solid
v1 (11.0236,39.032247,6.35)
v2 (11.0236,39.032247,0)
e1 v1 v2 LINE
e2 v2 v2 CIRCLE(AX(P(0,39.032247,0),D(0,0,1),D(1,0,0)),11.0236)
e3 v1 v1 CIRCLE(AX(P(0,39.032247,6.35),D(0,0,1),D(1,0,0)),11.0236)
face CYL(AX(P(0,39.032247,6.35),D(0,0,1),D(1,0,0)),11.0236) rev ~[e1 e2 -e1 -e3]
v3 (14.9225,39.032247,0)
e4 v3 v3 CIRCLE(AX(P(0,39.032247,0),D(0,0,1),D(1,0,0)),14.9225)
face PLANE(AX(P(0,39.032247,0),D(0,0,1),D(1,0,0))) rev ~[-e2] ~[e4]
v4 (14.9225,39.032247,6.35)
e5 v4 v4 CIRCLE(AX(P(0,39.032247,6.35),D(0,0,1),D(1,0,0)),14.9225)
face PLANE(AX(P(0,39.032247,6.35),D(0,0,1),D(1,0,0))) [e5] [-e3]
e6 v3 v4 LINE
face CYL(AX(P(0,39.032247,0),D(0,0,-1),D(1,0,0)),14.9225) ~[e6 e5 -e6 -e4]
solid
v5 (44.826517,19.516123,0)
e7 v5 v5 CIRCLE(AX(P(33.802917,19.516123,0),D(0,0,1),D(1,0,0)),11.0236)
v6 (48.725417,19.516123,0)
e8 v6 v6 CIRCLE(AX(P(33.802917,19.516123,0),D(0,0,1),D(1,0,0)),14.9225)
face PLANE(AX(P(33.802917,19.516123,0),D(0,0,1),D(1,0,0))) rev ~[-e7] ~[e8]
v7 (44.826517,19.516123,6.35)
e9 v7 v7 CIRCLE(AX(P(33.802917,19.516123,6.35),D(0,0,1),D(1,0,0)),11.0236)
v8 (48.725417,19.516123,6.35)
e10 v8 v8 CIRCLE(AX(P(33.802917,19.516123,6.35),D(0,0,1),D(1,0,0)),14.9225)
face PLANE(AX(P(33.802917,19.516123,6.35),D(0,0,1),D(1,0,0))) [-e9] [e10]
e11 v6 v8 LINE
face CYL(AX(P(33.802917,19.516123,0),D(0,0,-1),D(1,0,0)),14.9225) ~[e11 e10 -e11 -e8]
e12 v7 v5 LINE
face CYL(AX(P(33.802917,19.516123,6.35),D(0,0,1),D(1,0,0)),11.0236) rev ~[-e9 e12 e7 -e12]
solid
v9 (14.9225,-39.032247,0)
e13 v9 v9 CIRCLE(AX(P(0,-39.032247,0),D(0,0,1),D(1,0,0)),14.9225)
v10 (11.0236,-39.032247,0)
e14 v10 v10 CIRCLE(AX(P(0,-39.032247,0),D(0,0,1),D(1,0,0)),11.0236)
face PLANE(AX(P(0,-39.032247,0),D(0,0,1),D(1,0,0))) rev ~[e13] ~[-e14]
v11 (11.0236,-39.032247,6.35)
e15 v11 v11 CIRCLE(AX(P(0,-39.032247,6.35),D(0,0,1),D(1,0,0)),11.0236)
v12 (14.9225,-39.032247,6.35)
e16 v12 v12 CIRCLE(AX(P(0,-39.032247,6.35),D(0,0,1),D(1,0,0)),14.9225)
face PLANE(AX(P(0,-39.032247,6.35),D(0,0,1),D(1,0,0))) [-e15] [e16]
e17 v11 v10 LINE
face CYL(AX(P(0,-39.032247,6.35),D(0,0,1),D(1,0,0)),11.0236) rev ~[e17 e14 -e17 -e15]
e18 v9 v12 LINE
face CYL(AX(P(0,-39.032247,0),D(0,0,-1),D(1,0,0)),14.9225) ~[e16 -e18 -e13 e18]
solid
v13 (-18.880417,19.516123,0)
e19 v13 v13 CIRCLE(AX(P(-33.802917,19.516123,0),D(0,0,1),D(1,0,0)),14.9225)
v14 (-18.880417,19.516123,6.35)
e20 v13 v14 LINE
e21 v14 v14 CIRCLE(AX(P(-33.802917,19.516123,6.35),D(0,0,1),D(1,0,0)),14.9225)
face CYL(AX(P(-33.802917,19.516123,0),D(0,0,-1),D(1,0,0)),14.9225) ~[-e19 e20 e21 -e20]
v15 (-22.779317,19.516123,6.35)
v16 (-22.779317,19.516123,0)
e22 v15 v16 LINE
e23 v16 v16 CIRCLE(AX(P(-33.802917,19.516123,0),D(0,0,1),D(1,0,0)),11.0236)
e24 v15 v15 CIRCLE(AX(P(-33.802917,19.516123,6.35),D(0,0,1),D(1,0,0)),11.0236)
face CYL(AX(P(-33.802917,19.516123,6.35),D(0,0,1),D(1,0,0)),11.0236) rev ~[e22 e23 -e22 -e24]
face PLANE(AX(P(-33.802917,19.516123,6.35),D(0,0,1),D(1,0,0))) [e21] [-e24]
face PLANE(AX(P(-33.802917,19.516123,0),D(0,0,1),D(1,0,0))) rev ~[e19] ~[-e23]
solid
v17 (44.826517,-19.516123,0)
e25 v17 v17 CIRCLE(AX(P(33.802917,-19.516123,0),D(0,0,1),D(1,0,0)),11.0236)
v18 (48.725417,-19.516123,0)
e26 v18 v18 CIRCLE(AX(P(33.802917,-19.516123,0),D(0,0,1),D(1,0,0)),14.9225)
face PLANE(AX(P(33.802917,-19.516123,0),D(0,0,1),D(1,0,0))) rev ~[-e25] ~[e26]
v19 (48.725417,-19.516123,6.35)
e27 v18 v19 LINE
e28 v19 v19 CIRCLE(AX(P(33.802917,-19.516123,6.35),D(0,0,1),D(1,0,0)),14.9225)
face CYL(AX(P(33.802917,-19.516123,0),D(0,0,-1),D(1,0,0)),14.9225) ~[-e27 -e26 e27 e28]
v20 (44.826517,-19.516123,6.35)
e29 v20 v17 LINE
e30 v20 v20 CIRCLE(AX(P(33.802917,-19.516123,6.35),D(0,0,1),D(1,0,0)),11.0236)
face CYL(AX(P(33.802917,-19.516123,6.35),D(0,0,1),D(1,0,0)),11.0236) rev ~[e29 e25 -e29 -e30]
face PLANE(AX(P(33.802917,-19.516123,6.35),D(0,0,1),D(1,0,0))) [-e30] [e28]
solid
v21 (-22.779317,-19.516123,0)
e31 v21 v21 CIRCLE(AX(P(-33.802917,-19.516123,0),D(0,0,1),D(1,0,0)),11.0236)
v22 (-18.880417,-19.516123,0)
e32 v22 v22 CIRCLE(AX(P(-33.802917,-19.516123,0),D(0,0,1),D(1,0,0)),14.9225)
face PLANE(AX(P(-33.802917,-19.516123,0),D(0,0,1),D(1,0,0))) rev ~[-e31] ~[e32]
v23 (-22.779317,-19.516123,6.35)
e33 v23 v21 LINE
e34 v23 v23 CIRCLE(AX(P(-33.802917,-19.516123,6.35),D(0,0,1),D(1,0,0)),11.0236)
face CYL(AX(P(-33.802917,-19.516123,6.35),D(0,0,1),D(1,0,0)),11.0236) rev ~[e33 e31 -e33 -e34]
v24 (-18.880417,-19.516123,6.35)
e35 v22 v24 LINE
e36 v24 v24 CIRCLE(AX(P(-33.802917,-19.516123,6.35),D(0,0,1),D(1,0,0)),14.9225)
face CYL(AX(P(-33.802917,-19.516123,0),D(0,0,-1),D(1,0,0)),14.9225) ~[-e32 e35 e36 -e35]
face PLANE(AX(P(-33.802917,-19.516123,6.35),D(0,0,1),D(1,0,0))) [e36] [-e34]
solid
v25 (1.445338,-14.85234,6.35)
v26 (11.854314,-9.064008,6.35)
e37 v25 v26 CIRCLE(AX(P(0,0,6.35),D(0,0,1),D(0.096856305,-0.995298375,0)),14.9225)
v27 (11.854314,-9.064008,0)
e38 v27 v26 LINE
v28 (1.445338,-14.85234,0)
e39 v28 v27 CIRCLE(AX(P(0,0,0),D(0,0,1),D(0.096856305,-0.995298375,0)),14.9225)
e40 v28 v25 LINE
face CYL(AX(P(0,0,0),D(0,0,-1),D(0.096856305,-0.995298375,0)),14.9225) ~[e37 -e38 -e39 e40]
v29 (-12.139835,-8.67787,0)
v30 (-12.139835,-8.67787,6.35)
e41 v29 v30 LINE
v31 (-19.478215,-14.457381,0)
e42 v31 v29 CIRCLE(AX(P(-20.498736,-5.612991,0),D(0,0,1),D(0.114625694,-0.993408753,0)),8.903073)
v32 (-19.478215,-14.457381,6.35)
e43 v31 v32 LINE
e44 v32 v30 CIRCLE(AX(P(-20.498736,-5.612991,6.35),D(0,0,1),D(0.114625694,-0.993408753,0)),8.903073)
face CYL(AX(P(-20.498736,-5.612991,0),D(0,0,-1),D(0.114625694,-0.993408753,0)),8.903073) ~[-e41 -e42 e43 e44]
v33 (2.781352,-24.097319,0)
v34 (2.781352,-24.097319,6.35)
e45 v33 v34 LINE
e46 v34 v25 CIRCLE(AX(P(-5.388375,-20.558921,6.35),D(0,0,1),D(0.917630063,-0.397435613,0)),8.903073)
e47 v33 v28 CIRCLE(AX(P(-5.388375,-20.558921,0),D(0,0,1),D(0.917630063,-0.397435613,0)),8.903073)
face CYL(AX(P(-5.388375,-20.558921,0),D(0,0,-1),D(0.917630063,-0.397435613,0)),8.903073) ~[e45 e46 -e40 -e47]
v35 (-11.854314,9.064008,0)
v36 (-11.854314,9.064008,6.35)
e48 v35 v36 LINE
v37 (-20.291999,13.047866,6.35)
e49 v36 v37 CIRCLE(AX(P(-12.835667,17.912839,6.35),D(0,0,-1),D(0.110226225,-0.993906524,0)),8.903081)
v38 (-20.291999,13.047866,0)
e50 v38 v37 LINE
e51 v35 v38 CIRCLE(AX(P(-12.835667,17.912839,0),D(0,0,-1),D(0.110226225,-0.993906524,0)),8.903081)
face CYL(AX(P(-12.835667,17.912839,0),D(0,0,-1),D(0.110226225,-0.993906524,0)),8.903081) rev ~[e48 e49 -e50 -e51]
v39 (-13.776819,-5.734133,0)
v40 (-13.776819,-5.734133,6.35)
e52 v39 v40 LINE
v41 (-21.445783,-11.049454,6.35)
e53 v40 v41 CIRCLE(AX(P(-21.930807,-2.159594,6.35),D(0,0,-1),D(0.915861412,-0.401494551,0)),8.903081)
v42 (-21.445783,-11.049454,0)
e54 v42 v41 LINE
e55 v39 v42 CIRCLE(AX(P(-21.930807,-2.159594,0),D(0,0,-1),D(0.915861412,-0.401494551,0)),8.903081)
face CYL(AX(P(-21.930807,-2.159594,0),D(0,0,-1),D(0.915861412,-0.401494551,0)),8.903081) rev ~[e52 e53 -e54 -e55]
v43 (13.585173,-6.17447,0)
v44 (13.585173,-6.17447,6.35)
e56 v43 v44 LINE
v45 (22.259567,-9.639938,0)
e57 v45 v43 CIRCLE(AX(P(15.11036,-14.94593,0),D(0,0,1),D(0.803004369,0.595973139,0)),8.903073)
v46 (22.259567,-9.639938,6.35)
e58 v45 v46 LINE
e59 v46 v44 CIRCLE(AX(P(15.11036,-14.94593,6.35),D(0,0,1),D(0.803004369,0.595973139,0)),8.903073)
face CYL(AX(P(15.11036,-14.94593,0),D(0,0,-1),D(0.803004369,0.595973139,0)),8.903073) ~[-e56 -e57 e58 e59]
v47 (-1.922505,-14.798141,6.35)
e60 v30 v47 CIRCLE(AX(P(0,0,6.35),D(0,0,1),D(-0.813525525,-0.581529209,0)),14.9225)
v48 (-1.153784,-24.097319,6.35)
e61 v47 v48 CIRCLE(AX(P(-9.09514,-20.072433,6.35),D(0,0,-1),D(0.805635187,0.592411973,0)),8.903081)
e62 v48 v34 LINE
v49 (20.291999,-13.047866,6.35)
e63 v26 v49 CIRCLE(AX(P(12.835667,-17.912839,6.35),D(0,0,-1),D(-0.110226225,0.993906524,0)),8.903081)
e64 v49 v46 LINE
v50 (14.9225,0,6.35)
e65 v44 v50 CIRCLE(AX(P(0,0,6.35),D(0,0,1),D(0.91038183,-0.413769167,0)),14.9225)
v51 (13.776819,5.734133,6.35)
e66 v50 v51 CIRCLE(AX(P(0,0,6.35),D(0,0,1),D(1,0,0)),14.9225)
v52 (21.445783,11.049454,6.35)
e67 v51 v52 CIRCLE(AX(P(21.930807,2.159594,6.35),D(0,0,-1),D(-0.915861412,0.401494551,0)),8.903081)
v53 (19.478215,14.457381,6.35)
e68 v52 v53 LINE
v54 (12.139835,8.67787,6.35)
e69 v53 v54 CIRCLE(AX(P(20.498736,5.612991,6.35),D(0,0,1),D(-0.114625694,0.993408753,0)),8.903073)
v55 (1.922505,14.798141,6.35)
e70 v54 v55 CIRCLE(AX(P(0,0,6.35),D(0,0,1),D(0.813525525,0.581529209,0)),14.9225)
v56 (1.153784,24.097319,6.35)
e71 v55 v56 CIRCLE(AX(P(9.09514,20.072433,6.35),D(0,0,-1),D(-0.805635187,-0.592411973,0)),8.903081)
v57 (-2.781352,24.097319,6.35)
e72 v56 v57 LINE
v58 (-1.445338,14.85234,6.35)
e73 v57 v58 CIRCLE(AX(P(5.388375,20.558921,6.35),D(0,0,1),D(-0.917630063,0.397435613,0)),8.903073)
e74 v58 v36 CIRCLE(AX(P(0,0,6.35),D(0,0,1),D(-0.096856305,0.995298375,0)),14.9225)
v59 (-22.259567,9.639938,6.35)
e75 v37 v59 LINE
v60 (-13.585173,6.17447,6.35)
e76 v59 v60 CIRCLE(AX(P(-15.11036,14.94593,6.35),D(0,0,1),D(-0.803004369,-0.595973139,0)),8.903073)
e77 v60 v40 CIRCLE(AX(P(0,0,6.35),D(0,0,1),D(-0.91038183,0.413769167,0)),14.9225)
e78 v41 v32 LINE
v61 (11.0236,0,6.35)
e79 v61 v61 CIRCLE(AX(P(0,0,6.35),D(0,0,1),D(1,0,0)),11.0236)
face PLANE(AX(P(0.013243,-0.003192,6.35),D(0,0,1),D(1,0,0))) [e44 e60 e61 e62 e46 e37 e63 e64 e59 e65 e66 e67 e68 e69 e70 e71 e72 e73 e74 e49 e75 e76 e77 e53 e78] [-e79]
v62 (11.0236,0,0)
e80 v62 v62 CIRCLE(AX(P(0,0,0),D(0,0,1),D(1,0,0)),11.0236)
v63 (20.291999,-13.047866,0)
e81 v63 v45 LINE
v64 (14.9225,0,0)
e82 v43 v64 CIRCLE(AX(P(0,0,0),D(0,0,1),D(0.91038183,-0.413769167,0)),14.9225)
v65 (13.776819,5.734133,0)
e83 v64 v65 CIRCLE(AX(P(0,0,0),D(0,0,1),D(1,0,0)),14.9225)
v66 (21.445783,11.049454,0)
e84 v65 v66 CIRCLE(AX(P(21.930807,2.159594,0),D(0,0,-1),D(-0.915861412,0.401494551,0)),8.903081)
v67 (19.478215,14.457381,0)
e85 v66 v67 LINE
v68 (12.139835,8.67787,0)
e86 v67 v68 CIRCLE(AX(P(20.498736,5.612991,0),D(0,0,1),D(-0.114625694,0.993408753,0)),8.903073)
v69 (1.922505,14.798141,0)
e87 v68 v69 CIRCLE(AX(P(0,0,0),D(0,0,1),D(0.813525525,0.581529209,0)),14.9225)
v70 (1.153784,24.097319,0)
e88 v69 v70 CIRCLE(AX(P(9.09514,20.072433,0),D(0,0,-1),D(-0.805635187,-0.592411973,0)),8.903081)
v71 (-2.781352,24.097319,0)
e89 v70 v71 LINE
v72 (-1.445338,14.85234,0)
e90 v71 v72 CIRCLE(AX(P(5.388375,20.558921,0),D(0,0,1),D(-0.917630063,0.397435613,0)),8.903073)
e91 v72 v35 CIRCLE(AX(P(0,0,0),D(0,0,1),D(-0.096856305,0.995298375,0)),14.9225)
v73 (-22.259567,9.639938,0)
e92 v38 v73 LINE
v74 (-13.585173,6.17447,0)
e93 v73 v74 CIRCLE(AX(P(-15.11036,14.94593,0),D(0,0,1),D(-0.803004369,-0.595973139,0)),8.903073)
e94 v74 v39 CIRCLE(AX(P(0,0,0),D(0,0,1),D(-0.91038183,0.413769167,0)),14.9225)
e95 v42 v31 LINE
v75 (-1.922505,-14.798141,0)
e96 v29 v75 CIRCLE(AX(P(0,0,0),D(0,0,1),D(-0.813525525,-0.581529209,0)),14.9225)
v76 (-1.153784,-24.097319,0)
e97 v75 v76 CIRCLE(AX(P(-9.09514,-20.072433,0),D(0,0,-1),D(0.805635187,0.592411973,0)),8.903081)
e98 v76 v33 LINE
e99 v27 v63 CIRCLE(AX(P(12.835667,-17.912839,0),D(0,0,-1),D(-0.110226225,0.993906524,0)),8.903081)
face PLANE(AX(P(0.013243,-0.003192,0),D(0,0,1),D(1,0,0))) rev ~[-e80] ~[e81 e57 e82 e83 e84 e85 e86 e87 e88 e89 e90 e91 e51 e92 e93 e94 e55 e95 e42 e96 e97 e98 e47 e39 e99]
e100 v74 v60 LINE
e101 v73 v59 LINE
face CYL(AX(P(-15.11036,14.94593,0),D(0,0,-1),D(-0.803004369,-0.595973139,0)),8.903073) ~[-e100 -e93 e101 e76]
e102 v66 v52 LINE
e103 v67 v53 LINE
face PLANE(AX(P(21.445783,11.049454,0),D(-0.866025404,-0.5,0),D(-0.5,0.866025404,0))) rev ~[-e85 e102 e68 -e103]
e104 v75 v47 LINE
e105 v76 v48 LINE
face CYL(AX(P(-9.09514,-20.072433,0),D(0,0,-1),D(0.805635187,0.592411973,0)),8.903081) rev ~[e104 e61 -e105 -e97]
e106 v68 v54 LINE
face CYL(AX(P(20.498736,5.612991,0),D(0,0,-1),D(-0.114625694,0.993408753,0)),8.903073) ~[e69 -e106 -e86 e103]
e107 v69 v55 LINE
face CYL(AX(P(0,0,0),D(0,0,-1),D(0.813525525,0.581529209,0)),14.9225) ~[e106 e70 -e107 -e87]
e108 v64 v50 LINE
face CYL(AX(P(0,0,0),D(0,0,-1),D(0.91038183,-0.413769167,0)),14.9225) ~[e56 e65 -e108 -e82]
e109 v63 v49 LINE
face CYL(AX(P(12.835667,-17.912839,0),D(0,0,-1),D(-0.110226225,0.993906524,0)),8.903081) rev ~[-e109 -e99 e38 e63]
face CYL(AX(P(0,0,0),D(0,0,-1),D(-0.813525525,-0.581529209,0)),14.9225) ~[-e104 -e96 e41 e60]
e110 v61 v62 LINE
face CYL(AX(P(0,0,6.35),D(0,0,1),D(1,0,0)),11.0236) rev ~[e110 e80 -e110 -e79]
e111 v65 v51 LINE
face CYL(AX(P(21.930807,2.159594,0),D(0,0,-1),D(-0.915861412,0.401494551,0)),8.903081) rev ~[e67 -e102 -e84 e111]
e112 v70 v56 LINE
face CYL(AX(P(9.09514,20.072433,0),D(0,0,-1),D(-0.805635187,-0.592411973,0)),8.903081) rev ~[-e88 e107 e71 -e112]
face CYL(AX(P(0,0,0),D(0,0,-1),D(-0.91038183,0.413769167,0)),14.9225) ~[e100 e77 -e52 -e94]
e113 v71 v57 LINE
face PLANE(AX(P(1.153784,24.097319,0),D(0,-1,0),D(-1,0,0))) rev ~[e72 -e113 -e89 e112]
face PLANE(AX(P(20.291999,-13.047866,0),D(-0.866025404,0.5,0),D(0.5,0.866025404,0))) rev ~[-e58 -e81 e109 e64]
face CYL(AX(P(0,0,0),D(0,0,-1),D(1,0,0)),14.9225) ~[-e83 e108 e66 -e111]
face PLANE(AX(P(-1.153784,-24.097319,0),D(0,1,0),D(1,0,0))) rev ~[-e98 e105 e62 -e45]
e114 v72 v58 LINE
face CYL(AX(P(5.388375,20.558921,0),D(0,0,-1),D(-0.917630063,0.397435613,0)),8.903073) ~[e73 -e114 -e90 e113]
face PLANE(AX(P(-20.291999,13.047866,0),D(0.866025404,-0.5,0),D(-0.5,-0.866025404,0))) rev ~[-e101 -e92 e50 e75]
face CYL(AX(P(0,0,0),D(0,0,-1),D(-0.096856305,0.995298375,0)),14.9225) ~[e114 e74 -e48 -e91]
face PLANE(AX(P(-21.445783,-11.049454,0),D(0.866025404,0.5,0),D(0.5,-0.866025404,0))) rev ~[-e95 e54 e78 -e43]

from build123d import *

# Parameters (mm, degrees)
F1_DEPTH  = 6.35
F0_R      = 14.9225
F2_R      = 11.0236
F3_DEPTH  = 25.4
F4_R      = 11.0236
F9_DEPTH  = 25.4
F5_R      = 11.0236
F10_DEPTH = 25.4
F6_R      = 11.0236
F11_DEPTH = 25.4
F7_R      = 11.0236
F12_DEPTH = 25.4
F8_R      = 11.0236
F13_DEPTH = 25.4
F14_R     = 11.0236
F15_DEPTH = 25.4


with BuildPart() as f1:
    # F0 (on Top) → F1 (new body)
    with BuildSketch(Plane.XY):
        with BuildLine():
            ThreePointArc((13.5851728598, -6.1744703917), (14.5843366022, -3.1588181531), (14.9225, 0))
            ThreePointArc((14.9225, 0), (14.6332768111, 2.9237332336), (13.7768185095, 5.7341327162))
            ThreePointArc((13.7768185095, 5.7341327162), (13.0416496044, 7.2523363026), (12.1398346441, 8.6778696156))
            ThreePointArc((12.1398346441, 8.6778696156), (7.6682317133, 12.8015322771), (1.9225046539, 14.7981411706))
            Line((1.9225046539, 14.7981411706), (-1.4453382158, 14.8523400073))
            ThreePointArc((-1.4453382158, 14.8523400073), (-7.2523363026, 13.0416496044), (-11.8543138556, 9.0640084545))
            ThreePointArc((-11.8543138556, 9.0640084545), (-12.8015322771, 7.6682317133), (-13.5851728598, 6.1744703917))
            ThreePointArc((-13.5851728598, 6.1744703917), (-14.920568016, 0.2401173273), (-13.7768185095, -5.7341327162))
            ThreePointArc((-13.7768185095, -5.7341327162), (-13.0416496044, -7.2523363026), (-12.1398346441, -8.6778696156))
            ThreePointArc((-12.1398346441, -8.6778696156), (-7.6682317133, -12.8015322771), (-1.9225046539, -14.7981411706))
            ThreePointArc((-1.9225046539, -14.7981411706), (-0.2401173273, -14.920568016), (1.4453382158, -14.8523400073))
            ThreePointArc((1.4453382158, -14.8523400073), (7.2523363026, -13.0416496044), (11.8543138556, -9.0640084545))
            ThreePointArc((11.8543138556, -9.0640084545), (12.8015322771, -7.6682317133), (13.5851728598, -6.1744703917))
        make_face()
        with BuildLine():
            ThreePointArc((12.1398346441, 8.6778696156), (13.0416496044, 7.2523363026), (13.7768185095, 5.7341327162))
            ThreePointArc((13.7768185095, 5.7341327162), (16.8591903149, 9.4769405192), (21.4457825511, 11.0494537487))
            Line((21.4457825511, 11.0494537487), (19.4782146588, 14.4573813055))
            ThreePointArc((19.4782146588, 14.4573813055), (14.9901897235, 12.6073191567), (12.1398346441, 8.6778696156))
        make_face()
        with BuildLine():
            ThreePointArc((22.2595668121, -9.6399380622), (18.413353525, -6.6782255297), (13.5851728598, -6.1744703917))
            ThreePointArc((13.5851728598, -6.1744703917), (12.8015322771, -7.6682317133), (11.8543138556, -9.0640084545))
            ThreePointArc((11.8543138556, -9.0640084545), (16.6368663973, -9.8620168404), (20.2919989199, -13.047865619))
            Line((20.2919989199, -13.047865619), (22.2595668121, -9.6399380622))
        make_face()
        with BuildLine():
            Line((-1.4453382158, 14.8523400073), (1.9225046539, 14.7981411706))
            ThreePointArc((1.9225046539, 14.7981411706), (0.2401173273, 14.920568016), (-1.4453382158, 14.8523400073))
        make_face()
        with BuildLine():
            ThreePointArc((-1.4453382158, 14.8523400073), (0.2401173273, 14.920568016), (1.9225046539, 14.7981411706))
            ThreePointArc((1.9225046539, 14.7981411706), (0.2223239177, 19.3389573596), (1.1537836313, 24.0973193676))
            Line((1.1537836313, 24.0973193676), (-2.7813521533, 24.0973193676))
            ThreePointArc((-2.7813521533, 24.0973193676), (-3.4231638016, 19.2855446864), (-1.4453382158, 14.8523400073))
        make_face()
        with BuildLine():
            ThreePointArc((2.7813521533, -24.0973193676), (3.4231638016, -19.2855446864), (1.4453382158, -14.8523400073))
            ThreePointArc((1.4453382158, -14.8523400073), (-0.2401173273, -14.920568016), (-1.9225046539, -14.7981411706))
            ThreePointArc((-1.9225046539, -14.7981411706), (-0.2223239177, -19.3389573596), (-1.1537836313, -24.0973193676))
            Line((-1.1537836313, -24.0973193676), (2.7813521533, -24.0973193676))
        make_face()
        with BuildLine():
            ThreePointArc((-13.5851728598, 6.1744703917), (-12.8015322771, 7.6682317133), (-11.8543138556, 9.0640084545))
            ThreePointArc((-11.8543138556, 9.0640084545), (-16.6368663973, 9.8620168404), (-20.2919989199, 13.047865619))
            Line((-20.2919989199, 13.047865619), (-22.2595668121, 9.6399380622))
            ThreePointArc((-22.2595668121, 9.6399380622), (-18.413353525, 6.6782255297), (-13.5851728598, 6.1744703917))
        make_face()
        with BuildLine():
            ThreePointArc((-19.4782146588, -14.4573813055), (-14.9901897235, -12.6073191567), (-12.1398346441, -8.6778696156))
            ThreePointArc((-12.1398346441, -8.6778696156), (-13.0416496044, -7.2523363026), (-13.7768185095, -5.7341327162))
            ThreePointArc((-13.7768185095, -5.7341327162), (-16.8591903149, -9.4769405192), (-21.4457825511, -11.0494537487))
            Line((-21.4457825511, -11.0494537487), (-19.4782146588, -14.4573813055))
        make_face()
    extrude(amount=F1_DEPTH)

    # F4 (on face) → F9 (cut)
    with BuildSketch(Plane.XY.offset(6.35)):
        with Locations((0, 39.0322469175)):
            Circle(F4_R)
    extrude(amount=-F9_DEPTH, mode=Mode.SUBTRACT)

    # F5 (on face) → F10 (cut)
    with BuildSketch(Plane.XY.offset(6.35)):
        with Locations((33.8029173973, 19.5161234587)):
            Circle(F5_R)
    extrude(amount=-F10_DEPTH, mode=Mode.SUBTRACT)

    # F6 (on face) → F11 (cut)
    with BuildSketch(Plane.XY.offset(6.35)):
        with Locations((33.8029173973, -19.5161234587)):
            Circle(F6_R)
    extrude(amount=-F11_DEPTH, mode=Mode.SUBTRACT)

    # F7 (on face) → F12 (cut)
    with BuildSketch(Plane.XY.offset(6.35)):
        with Locations((0, -39.0322469175)):
            Circle(F7_R)
    extrude(amount=-F12_DEPTH, mode=Mode.SUBTRACT)

    # F8 (on face) → F13 (cut)
    with BuildSketch(Plane.XY.offset(6.35)):
        with Locations((-33.8029173973, -19.5161234587)):
            Circle(F8_R)
    extrude(amount=-F13_DEPTH, mode=Mode.SUBTRACT)

    # F14 (on face) → F15 (cut)
    with BuildSketch(Plane.XY.offset(6.35)):
        Circle(F14_R)
    extrude(amount=-F15_DEPTH, mode=Mode.SUBTRACT)


with BuildPart() as f1b:
    # F0 (on Top) → F1, piece 2 (new body)
    with BuildSketch(Plane.XY):
        with Locations((0, 39.0322469175)):
            Circle(F0_R)
    extrude(amount=F1_DEPTH)


with BuildPart() as f1c:
    # F0 (on Top) → F1, piece 3 (new body)
    with BuildSketch(Plane.XY):
        with Locations((-33.8029173973, 19.5161234587)):
            Circle(F0_R)
    extrude(amount=F1_DEPTH)


with BuildPart() as f1d:
    # F0 (on Top) → F1, piece 4 (new body)
    with BuildSketch(Plane.XY):
        with Locations((-33.8029173973, -19.5161234587)):
            Circle(F0_R)
    extrude(amount=F1_DEPTH)


with BuildPart() as f1e:
    # F0 (on Top) → F1, piece 5 (new body)
    with BuildSketch(Plane.XY):
        with Locations((0, -39.0322469175)):
            Circle(F0_R)
    extrude(amount=F1_DEPTH)


with BuildPart() as f1f:
    # F0 (on Top) → F1, piece 6 (new body)
    with BuildSketch(Plane.XY):
        with Locations((33.8029173973, -19.5161234587)):
            Circle(F0_R)
    extrude(amount=F1_DEPTH)


with BuildPart() as f1g:
    # F0 (on Top) → F1, piece 7 (new body)
    with BuildSketch(Plane.XY):
        with Locations((33.8029173973, 19.5161234587)):
            Circle(F0_R)
    extrude(amount=F1_DEPTH)


with BuildPart() as f3_tool:
    # F2 (on face) → F3 (new body)
    with BuildSketch(Plane.XY.offset(6.35)):
        with Locations((-33.8029173973, 19.5161234587)):
            Circle(F2_R)
        with Locations((0, 39.0322469175)):
            Circle(F2_R)
        with Locations((33.8029173973, 19.5161234587)):
            Circle(F2_R)
        with Locations((33.8029173973, -19.5161234587)):
            Circle(F2_R)
        with Locations((0, -39.0322469175)):
            Circle(F2_R)
        with Locations((-33.8029173973, -19.5161234587)):
            Circle(F2_R)
    extrude(amount=-F3_DEPTH)


with BuildPart() as f1b_1:
    add(f1b.part)

    # F3: cut by f3_tool
    add(f3_tool.part, mode=Mode.SUBTRACT)


with BuildPart() as f1c_1:
    add(f1c.part)

    # F3: cut by f3_tool
    add(f3_tool.part, mode=Mode.SUBTRACT)


with BuildPart() as f1d_1:
    add(f1d.part)

    # F3: cut by f3_tool
    add(f3_tool.part, mode=Mode.SUBTRACT)


with BuildPart() as f1e_1:
    add(f1e.part)

    # F3: cut by f3_tool
    add(f3_tool.part, mode=Mode.SUBTRACT)


with BuildPart() as f1f_1:
    add(f1f.part)

    # F3: cut by f3_tool
    add(f3_tool.part, mode=Mode.SUBTRACT)


with BuildPart() as f1g_1:
    add(f1g.part)

    # F3: cut by f3_tool
    add(f3_tool.part, mode=Mode.SUBTRACT)


solid = Compound([f1.part, f1b_1.part, f1c_1.part, f1d_1.part, f1e_1.part, f1f_1.part, f1g_1.part])
